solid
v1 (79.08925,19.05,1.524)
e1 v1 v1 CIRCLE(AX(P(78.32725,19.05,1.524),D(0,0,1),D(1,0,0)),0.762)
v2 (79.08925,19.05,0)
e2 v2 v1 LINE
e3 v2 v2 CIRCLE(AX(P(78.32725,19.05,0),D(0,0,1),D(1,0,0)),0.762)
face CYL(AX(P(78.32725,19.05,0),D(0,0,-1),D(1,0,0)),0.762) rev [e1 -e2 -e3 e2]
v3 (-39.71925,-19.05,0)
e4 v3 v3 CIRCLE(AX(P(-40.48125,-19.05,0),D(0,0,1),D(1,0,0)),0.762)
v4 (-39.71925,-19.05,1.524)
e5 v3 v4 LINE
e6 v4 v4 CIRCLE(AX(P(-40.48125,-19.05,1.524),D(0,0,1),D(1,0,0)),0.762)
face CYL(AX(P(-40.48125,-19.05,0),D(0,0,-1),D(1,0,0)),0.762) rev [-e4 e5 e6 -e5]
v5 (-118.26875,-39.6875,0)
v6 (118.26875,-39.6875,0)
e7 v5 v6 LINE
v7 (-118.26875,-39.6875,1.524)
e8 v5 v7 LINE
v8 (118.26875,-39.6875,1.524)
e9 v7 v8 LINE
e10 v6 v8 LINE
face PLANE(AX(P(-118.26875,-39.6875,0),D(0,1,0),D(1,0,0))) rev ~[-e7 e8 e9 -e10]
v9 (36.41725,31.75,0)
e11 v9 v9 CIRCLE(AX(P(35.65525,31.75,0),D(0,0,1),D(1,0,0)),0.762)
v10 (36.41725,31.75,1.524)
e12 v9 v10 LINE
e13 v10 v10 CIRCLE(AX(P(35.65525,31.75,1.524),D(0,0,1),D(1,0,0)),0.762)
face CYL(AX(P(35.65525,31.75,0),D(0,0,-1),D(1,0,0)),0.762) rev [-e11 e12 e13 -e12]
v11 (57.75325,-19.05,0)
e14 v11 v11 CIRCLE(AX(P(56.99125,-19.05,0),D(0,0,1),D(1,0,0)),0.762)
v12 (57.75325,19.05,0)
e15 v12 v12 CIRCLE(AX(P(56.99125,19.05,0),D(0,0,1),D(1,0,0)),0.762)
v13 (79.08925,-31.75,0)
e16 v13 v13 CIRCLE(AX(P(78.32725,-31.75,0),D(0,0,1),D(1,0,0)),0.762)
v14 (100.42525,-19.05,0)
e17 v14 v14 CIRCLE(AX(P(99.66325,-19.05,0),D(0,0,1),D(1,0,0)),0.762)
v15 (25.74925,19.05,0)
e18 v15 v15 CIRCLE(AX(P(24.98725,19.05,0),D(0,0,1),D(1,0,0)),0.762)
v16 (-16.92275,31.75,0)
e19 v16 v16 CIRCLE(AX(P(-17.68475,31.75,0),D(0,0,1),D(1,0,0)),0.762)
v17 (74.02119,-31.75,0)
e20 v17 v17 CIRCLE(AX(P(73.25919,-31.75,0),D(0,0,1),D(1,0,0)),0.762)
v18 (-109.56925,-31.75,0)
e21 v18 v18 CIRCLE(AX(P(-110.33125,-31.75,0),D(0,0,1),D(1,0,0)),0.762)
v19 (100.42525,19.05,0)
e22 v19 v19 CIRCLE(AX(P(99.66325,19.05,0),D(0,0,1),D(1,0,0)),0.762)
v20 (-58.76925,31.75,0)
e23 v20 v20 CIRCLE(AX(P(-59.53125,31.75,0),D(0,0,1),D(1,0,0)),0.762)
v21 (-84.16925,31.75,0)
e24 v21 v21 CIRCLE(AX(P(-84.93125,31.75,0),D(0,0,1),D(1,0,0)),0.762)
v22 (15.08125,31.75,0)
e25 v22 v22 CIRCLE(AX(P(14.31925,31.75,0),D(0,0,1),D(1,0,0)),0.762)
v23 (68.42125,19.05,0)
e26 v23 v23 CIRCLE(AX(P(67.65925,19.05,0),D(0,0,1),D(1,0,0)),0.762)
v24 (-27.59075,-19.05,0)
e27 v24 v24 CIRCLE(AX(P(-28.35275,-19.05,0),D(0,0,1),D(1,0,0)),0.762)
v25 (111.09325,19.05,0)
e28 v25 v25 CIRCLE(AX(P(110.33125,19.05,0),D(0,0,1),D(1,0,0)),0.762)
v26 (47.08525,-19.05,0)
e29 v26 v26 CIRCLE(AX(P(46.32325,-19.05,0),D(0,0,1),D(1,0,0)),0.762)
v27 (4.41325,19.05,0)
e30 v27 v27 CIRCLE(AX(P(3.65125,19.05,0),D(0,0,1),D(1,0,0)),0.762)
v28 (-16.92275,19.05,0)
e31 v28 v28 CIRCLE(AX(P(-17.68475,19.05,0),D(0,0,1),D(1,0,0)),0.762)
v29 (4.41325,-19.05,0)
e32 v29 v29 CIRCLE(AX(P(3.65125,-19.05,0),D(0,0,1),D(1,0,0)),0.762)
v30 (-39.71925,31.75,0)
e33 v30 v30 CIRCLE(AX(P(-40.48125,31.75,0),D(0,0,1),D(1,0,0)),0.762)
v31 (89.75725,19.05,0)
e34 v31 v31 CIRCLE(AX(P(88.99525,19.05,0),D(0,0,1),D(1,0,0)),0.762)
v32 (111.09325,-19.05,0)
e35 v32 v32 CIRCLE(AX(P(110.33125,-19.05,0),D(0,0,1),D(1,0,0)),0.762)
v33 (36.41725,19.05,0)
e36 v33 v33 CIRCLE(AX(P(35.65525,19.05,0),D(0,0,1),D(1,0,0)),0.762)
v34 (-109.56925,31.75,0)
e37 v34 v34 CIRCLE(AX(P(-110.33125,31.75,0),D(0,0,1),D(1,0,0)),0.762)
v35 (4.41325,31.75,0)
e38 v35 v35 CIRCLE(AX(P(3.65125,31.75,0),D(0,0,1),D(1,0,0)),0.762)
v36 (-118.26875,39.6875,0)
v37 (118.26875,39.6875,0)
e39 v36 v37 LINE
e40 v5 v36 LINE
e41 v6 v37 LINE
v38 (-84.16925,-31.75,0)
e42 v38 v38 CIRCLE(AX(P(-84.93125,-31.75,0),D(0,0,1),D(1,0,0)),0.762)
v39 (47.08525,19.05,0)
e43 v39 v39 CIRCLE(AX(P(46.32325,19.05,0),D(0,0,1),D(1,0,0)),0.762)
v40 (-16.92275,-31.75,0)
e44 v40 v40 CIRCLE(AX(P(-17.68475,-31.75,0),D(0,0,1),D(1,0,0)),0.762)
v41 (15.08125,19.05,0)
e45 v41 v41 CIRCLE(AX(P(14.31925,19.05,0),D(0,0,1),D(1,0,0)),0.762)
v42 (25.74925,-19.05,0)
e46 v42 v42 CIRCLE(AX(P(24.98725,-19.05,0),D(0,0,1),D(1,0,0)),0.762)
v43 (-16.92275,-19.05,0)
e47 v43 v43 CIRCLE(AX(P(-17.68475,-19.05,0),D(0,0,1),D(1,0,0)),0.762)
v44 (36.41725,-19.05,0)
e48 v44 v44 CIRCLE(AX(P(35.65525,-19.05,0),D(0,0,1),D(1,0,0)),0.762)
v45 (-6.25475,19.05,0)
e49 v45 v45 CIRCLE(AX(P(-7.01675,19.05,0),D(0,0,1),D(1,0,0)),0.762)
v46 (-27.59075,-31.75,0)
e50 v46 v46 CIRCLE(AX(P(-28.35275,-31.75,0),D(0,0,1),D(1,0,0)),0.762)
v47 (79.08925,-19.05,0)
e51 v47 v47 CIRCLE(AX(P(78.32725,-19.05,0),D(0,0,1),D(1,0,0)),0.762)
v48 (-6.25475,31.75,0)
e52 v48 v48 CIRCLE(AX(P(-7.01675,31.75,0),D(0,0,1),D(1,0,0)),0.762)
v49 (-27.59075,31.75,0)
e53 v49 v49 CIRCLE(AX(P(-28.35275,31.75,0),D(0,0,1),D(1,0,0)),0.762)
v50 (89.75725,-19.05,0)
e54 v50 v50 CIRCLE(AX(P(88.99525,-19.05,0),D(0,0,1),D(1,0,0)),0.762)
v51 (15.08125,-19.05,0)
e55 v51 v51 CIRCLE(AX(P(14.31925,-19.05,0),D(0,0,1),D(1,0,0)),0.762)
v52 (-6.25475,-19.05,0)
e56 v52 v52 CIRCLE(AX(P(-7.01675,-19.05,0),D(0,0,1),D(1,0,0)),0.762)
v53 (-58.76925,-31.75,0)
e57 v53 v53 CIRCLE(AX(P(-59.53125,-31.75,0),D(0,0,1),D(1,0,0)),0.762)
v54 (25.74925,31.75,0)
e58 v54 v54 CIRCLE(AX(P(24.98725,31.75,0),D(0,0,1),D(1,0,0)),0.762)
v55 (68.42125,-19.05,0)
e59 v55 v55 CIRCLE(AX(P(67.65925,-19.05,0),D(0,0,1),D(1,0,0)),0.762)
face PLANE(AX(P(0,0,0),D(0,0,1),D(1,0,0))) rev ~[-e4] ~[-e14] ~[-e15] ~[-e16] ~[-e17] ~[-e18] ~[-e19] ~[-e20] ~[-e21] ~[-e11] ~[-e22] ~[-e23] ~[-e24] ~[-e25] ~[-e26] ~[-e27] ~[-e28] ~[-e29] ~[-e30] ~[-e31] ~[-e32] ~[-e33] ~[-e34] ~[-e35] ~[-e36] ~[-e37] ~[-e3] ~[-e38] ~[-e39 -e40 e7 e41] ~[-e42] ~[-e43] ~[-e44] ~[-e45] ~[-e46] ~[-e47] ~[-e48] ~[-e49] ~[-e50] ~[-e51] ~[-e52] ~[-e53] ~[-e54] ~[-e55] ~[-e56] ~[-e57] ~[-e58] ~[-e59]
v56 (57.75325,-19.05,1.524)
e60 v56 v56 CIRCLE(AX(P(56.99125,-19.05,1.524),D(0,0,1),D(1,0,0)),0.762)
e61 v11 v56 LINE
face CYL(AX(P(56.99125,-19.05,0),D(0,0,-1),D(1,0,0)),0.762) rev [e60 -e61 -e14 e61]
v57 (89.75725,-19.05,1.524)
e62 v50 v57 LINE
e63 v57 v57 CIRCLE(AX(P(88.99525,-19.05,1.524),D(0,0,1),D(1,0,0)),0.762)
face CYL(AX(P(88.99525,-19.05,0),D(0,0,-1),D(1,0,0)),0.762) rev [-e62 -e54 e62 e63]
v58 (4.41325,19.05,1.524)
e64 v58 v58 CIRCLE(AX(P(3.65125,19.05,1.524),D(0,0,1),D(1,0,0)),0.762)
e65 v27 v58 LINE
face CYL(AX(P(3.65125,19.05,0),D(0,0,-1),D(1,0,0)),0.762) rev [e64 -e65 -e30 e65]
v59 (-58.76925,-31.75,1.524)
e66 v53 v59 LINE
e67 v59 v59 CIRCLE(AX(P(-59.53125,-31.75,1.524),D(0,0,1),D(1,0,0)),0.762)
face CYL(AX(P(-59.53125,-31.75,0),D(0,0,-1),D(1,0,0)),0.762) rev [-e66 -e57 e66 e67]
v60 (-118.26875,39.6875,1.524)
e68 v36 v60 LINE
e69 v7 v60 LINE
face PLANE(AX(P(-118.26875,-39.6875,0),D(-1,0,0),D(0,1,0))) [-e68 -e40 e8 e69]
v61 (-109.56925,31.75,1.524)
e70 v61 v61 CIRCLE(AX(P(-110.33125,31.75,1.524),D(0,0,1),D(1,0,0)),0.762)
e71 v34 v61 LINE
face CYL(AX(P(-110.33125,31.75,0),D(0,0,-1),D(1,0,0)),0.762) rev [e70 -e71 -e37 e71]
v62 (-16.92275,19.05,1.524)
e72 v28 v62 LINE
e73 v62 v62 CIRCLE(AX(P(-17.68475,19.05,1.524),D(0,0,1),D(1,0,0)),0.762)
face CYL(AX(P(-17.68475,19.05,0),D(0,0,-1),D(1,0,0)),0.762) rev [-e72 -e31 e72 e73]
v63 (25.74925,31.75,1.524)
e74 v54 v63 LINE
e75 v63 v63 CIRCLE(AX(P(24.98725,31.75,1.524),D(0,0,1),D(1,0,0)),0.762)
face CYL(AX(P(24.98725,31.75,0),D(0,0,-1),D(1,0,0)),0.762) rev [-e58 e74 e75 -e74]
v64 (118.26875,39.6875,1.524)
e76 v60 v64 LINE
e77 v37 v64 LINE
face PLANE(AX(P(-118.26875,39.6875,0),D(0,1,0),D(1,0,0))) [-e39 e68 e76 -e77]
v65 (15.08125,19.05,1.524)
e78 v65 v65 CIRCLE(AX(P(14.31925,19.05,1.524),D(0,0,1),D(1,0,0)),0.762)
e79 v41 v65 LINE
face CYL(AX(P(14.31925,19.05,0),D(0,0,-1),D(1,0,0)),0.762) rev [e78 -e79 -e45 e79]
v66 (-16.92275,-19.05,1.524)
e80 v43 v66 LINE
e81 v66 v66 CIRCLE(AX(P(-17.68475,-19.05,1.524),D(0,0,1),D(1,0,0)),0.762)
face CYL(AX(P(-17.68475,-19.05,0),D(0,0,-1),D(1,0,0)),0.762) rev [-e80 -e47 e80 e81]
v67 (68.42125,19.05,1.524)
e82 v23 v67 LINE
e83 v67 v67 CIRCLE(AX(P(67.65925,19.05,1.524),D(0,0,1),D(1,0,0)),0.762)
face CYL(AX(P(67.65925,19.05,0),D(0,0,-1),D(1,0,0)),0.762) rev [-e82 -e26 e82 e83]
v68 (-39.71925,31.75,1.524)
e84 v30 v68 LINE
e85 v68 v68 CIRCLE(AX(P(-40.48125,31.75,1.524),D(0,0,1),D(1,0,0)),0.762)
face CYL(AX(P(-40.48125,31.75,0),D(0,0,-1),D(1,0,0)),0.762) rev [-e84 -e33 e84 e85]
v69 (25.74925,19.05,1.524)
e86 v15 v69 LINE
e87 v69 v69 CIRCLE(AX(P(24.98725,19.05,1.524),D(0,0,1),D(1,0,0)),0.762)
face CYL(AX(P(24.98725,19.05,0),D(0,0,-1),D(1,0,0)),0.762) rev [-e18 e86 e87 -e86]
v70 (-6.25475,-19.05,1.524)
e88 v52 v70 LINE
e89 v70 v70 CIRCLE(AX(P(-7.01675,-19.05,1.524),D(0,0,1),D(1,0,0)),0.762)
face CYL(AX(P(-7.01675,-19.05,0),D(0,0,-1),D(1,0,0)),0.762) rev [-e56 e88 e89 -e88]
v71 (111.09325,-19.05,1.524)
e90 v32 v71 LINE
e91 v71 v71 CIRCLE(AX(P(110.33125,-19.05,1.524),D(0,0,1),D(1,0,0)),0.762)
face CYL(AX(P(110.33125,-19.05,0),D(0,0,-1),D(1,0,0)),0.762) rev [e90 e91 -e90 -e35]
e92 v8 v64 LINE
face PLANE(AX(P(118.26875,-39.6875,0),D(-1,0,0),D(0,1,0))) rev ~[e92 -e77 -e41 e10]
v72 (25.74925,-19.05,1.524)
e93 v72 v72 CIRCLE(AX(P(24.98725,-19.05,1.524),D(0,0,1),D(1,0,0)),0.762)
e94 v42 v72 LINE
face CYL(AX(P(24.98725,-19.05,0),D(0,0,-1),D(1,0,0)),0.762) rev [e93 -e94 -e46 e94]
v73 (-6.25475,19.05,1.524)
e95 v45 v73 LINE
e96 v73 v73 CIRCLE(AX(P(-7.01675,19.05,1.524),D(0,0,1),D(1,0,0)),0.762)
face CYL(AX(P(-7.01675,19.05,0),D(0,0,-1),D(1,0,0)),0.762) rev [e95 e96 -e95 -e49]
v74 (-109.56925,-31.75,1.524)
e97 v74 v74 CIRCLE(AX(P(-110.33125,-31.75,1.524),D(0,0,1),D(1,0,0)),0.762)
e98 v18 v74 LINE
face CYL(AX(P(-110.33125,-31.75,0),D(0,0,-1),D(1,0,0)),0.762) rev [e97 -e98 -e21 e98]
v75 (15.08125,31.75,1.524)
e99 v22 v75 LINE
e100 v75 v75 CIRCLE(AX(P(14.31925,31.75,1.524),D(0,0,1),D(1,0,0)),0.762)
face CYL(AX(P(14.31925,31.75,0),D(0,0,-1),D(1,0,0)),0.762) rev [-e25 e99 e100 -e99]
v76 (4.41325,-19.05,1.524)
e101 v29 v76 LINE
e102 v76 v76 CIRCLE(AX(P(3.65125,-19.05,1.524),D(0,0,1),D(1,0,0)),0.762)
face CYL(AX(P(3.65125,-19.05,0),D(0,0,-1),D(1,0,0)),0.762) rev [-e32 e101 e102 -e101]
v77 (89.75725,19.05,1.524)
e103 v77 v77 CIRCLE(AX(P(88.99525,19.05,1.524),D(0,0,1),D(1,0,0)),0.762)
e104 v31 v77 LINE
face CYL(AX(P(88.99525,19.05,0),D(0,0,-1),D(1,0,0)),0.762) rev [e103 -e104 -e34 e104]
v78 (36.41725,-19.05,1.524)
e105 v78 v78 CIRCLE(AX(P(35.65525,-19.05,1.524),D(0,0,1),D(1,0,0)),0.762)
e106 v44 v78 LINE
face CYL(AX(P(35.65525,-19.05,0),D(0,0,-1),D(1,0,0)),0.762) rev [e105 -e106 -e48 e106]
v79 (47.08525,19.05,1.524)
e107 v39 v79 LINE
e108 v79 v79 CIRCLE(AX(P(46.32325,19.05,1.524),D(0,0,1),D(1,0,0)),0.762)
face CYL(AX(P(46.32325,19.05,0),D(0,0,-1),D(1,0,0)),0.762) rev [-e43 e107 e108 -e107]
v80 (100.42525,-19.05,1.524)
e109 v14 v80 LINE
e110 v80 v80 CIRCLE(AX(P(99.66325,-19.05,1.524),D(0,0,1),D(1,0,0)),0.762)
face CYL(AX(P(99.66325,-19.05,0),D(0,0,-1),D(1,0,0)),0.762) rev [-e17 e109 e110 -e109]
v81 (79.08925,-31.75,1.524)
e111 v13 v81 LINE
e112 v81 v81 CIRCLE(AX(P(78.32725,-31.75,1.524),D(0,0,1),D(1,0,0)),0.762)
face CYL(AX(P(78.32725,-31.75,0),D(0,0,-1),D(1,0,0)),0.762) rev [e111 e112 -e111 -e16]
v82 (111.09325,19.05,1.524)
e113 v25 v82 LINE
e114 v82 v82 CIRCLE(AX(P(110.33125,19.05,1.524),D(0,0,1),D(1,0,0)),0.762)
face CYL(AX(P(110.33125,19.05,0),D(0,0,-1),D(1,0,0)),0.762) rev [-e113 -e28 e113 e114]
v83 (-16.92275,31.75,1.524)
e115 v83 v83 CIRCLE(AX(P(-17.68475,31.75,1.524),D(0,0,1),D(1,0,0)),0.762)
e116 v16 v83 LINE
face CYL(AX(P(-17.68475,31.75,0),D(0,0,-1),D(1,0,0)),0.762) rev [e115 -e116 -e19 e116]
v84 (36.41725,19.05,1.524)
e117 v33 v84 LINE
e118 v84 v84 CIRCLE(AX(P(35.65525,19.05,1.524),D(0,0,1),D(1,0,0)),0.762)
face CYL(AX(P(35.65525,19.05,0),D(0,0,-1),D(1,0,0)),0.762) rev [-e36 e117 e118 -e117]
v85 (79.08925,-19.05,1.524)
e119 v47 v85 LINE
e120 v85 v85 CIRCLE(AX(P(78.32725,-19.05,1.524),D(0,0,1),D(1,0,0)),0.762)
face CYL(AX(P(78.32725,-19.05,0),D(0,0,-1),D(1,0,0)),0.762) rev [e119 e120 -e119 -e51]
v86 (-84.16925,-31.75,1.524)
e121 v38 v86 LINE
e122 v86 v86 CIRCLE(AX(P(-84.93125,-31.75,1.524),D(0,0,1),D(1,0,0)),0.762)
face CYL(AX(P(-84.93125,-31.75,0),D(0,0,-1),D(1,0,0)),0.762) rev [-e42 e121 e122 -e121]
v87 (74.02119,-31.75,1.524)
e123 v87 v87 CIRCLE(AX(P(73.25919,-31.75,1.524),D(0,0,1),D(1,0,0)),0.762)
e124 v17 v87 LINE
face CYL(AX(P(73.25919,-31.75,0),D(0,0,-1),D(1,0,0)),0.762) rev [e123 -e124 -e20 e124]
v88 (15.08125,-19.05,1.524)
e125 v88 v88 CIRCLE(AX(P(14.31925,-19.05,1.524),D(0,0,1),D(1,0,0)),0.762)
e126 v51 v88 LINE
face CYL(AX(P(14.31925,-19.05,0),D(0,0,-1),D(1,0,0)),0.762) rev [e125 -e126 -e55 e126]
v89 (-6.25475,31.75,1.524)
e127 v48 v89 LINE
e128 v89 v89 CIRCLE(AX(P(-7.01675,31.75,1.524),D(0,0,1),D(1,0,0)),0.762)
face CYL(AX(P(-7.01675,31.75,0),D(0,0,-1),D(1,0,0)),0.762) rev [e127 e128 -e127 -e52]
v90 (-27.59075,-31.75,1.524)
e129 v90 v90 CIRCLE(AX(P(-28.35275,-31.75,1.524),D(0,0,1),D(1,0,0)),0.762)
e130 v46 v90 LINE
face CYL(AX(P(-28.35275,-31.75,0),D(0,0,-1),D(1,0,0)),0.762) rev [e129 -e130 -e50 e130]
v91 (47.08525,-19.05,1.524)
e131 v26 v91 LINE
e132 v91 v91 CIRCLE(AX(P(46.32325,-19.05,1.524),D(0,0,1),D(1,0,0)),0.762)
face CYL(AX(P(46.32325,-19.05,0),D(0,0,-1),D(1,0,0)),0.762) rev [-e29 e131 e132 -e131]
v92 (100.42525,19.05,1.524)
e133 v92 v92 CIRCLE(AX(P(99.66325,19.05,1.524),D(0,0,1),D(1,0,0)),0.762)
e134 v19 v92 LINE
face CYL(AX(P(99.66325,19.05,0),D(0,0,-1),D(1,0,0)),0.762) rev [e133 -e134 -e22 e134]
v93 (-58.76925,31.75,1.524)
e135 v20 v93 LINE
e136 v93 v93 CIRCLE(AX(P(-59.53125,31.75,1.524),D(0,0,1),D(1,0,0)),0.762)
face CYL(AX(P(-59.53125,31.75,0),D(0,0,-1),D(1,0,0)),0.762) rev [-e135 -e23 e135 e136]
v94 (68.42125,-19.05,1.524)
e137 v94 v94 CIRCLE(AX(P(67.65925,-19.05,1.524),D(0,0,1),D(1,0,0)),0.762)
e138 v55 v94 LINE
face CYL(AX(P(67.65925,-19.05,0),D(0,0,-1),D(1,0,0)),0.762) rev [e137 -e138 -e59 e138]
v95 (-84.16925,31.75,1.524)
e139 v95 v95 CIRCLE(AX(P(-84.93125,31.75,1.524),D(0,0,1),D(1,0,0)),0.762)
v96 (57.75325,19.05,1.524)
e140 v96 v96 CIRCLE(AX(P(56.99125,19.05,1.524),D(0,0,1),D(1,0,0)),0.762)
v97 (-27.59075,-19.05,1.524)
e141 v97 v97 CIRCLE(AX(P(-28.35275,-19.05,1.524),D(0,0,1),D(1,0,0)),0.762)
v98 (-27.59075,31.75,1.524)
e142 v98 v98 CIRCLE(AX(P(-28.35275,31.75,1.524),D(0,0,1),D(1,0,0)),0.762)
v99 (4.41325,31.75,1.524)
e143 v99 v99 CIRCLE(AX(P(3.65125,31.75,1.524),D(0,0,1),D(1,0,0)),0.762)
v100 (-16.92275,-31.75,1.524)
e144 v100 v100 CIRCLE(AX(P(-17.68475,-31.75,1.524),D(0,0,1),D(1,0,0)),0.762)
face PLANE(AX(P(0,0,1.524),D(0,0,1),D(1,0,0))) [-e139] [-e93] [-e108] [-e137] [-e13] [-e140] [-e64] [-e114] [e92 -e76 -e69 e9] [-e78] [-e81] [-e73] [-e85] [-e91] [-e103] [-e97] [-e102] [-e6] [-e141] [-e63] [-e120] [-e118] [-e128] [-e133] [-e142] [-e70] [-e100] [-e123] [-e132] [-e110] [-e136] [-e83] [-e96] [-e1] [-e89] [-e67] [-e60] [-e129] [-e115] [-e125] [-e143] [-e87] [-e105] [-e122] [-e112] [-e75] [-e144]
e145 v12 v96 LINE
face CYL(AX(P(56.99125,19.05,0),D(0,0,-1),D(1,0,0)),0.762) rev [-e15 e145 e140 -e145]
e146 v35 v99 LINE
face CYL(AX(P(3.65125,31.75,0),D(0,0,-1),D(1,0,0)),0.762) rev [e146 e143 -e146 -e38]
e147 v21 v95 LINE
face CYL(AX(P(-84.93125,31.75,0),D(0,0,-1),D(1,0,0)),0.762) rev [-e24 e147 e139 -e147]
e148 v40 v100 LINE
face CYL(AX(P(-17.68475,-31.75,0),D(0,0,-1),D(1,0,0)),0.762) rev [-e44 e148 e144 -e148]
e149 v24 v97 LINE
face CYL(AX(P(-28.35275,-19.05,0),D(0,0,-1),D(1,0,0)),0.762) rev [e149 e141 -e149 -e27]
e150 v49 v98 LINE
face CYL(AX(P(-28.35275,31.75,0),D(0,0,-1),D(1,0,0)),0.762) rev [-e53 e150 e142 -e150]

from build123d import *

# Parameters (mm, degrees)
F0_W     = 236.5375
F0_H     = 79.375
F0_R     = 0.762
F1_DEPTH = 1.524


with BuildPart() as f1:
    # F0 (on Top) → F1 (new body)
    with BuildSketch(Plane.XY):
        Rectangle(F0_W, F0_H)
        with Locations((-110.33125, -31.75)):
            Circle(F0_R, mode=Mode.SUBTRACT)
        with Locations((-84.93125, -31.75)):
            Circle(F0_R, mode=Mode.SUBTRACT)
        with Locations((-59.53125, -31.75)):
            Circle(F0_R, mode=Mode.SUBTRACT)
        with Locations((-28.35275, -31.75)):
            Circle(F0_R, mode=Mode.SUBTRACT)
        with Locations((-17.68475, -31.75)):
            Circle(F0_R, mode=Mode.SUBTRACT)
        with Locations((-40.48125, -19.05)):
            Circle(F0_R, mode=Mode.SUBTRACT)
        with Locations((-28.35275, -19.05)):
            Circle(F0_R, mode=Mode.SUBTRACT)
        with Locations((-17.68475, -19.05)):
            Circle(F0_R, mode=Mode.SUBTRACT)
        with Locations((-7.01675, -19.05)):
            Circle(F0_R, mode=Mode.SUBTRACT)
        with Locations((73.25919, -31.75)):
            Circle(F0_R, mode=Mode.SUBTRACT)
        with Locations((78.32725, -31.75)):
            Circle(F0_R, mode=Mode.SUBTRACT)
        with Locations((3.65125, -19.05)):
            Circle(F0_R, mode=Mode.SUBTRACT)
        with Locations((14.31925, -19.05)):
            Circle(F0_R, mode=Mode.SUBTRACT)
        with Locations((24.98725, -19.05)):
            Circle(F0_R, mode=Mode.SUBTRACT)
        with Locations((35.65525, -19.05)):
            Circle(F0_R, mode=Mode.SUBTRACT)
        with Locations((46.32325, -19.05)):
            Circle(F0_R, mode=Mode.SUBTRACT)
        with Locations((56.99125, -19.05)):
            Circle(F0_R, mode=Mode.SUBTRACT)
        with Locations((67.65925, -19.05)):
            Circle(F0_R, mode=Mode.SUBTRACT)
        with Locations((78.32725, -19.05)):
            Circle(F0_R, mode=Mode.SUBTRACT)
        with Locations((88.99525, -19.05)):
            Circle(F0_R, mode=Mode.SUBTRACT)
        with Locations((99.66325, -19.05)):
            Circle(F0_R, mode=Mode.SUBTRACT)
        with Locations((110.33125, -19.05)):
            Circle(F0_R, mode=Mode.SUBTRACT)
        with Locations((-17.68475, 19.05)):
            Circle(F0_R, mode=Mode.SUBTRACT)
        with Locations((-7.01675, 19.05)):
            Circle(F0_R, mode=Mode.SUBTRACT)
        with Locations((-110.33125, 31.75)):
            Circle(F0_R, mode=Mode.SUBTRACT)
        with Locations((-84.93125, 31.75)):
            Circle(F0_R, mode=Mode.SUBTRACT)
        with Locations((-59.53125, 31.75)):
            Circle(F0_R, mode=Mode.SUBTRACT)
        with Locations((-40.48125, 31.75)):
            Circle(F0_R, mode=Mode.SUBTRACT)
        with Locations((-28.35275, 31.75)):
            Circle(F0_R, mode=Mode.SUBTRACT)
        with Locations((-17.68475, 31.75)):
            Circle(F0_R, mode=Mode.SUBTRACT)
        with Locations((-7.01675, 31.75)):
            Circle(F0_R, mode=Mode.SUBTRACT)
        with Locations((3.65125, 19.05)):
            Circle(F0_R, mode=Mode.SUBTRACT)
        with Locations((14.31925, 19.05)):
            Circle(F0_R, mode=Mode.SUBTRACT)
        with Locations((24.98725, 19.05)):
            Circle(F0_R, mode=Mode.SUBTRACT)
        with Locations((35.65525, 19.05)):
            Circle(F0_R, mode=Mode.SUBTRACT)
        with Locations((46.32325, 19.05)):
            Circle(F0_R, mode=Mode.SUBTRACT)
        with Locations((56.99125, 19.05)):
            Circle(F0_R, mode=Mode.SUBTRACT)
        with Locations((67.65925, 19.05)):
            Circle(F0_R, mode=Mode.SUBTRACT)
        with Locations((78.32725, 19.05)):
            Circle(F0_R, mode=Mode.SUBTRACT)
        with Locations((88.99525, 19.05)):
            Circle(F0_R, mode=Mode.SUBTRACT)
        with Locations((99.66325, 19.05)):
            Circle(F0_R, mode=Mode.SUBTRACT)
        with Locations((110.33125, 19.05)):
            Circle(F0_R, mode=Mode.SUBTRACT)
        with Locations((3.65125, 31.75)):
            Circle(F0_R, mode=Mode.SUBTRACT)
        with Locations((14.31925, 31.75)):
            Circle(F0_R, mode=Mode.SUBTRACT)
        with Locations((24.98725, 31.75)):
            Circle(F0_R, mode=Mode.SUBTRACT)
        with Locations((35.65525, 31.75)):
            Circle(F0_R, mode=Mode.SUBTRACT)
    extrude(amount=F1_DEPTH)


solid = f1.part
